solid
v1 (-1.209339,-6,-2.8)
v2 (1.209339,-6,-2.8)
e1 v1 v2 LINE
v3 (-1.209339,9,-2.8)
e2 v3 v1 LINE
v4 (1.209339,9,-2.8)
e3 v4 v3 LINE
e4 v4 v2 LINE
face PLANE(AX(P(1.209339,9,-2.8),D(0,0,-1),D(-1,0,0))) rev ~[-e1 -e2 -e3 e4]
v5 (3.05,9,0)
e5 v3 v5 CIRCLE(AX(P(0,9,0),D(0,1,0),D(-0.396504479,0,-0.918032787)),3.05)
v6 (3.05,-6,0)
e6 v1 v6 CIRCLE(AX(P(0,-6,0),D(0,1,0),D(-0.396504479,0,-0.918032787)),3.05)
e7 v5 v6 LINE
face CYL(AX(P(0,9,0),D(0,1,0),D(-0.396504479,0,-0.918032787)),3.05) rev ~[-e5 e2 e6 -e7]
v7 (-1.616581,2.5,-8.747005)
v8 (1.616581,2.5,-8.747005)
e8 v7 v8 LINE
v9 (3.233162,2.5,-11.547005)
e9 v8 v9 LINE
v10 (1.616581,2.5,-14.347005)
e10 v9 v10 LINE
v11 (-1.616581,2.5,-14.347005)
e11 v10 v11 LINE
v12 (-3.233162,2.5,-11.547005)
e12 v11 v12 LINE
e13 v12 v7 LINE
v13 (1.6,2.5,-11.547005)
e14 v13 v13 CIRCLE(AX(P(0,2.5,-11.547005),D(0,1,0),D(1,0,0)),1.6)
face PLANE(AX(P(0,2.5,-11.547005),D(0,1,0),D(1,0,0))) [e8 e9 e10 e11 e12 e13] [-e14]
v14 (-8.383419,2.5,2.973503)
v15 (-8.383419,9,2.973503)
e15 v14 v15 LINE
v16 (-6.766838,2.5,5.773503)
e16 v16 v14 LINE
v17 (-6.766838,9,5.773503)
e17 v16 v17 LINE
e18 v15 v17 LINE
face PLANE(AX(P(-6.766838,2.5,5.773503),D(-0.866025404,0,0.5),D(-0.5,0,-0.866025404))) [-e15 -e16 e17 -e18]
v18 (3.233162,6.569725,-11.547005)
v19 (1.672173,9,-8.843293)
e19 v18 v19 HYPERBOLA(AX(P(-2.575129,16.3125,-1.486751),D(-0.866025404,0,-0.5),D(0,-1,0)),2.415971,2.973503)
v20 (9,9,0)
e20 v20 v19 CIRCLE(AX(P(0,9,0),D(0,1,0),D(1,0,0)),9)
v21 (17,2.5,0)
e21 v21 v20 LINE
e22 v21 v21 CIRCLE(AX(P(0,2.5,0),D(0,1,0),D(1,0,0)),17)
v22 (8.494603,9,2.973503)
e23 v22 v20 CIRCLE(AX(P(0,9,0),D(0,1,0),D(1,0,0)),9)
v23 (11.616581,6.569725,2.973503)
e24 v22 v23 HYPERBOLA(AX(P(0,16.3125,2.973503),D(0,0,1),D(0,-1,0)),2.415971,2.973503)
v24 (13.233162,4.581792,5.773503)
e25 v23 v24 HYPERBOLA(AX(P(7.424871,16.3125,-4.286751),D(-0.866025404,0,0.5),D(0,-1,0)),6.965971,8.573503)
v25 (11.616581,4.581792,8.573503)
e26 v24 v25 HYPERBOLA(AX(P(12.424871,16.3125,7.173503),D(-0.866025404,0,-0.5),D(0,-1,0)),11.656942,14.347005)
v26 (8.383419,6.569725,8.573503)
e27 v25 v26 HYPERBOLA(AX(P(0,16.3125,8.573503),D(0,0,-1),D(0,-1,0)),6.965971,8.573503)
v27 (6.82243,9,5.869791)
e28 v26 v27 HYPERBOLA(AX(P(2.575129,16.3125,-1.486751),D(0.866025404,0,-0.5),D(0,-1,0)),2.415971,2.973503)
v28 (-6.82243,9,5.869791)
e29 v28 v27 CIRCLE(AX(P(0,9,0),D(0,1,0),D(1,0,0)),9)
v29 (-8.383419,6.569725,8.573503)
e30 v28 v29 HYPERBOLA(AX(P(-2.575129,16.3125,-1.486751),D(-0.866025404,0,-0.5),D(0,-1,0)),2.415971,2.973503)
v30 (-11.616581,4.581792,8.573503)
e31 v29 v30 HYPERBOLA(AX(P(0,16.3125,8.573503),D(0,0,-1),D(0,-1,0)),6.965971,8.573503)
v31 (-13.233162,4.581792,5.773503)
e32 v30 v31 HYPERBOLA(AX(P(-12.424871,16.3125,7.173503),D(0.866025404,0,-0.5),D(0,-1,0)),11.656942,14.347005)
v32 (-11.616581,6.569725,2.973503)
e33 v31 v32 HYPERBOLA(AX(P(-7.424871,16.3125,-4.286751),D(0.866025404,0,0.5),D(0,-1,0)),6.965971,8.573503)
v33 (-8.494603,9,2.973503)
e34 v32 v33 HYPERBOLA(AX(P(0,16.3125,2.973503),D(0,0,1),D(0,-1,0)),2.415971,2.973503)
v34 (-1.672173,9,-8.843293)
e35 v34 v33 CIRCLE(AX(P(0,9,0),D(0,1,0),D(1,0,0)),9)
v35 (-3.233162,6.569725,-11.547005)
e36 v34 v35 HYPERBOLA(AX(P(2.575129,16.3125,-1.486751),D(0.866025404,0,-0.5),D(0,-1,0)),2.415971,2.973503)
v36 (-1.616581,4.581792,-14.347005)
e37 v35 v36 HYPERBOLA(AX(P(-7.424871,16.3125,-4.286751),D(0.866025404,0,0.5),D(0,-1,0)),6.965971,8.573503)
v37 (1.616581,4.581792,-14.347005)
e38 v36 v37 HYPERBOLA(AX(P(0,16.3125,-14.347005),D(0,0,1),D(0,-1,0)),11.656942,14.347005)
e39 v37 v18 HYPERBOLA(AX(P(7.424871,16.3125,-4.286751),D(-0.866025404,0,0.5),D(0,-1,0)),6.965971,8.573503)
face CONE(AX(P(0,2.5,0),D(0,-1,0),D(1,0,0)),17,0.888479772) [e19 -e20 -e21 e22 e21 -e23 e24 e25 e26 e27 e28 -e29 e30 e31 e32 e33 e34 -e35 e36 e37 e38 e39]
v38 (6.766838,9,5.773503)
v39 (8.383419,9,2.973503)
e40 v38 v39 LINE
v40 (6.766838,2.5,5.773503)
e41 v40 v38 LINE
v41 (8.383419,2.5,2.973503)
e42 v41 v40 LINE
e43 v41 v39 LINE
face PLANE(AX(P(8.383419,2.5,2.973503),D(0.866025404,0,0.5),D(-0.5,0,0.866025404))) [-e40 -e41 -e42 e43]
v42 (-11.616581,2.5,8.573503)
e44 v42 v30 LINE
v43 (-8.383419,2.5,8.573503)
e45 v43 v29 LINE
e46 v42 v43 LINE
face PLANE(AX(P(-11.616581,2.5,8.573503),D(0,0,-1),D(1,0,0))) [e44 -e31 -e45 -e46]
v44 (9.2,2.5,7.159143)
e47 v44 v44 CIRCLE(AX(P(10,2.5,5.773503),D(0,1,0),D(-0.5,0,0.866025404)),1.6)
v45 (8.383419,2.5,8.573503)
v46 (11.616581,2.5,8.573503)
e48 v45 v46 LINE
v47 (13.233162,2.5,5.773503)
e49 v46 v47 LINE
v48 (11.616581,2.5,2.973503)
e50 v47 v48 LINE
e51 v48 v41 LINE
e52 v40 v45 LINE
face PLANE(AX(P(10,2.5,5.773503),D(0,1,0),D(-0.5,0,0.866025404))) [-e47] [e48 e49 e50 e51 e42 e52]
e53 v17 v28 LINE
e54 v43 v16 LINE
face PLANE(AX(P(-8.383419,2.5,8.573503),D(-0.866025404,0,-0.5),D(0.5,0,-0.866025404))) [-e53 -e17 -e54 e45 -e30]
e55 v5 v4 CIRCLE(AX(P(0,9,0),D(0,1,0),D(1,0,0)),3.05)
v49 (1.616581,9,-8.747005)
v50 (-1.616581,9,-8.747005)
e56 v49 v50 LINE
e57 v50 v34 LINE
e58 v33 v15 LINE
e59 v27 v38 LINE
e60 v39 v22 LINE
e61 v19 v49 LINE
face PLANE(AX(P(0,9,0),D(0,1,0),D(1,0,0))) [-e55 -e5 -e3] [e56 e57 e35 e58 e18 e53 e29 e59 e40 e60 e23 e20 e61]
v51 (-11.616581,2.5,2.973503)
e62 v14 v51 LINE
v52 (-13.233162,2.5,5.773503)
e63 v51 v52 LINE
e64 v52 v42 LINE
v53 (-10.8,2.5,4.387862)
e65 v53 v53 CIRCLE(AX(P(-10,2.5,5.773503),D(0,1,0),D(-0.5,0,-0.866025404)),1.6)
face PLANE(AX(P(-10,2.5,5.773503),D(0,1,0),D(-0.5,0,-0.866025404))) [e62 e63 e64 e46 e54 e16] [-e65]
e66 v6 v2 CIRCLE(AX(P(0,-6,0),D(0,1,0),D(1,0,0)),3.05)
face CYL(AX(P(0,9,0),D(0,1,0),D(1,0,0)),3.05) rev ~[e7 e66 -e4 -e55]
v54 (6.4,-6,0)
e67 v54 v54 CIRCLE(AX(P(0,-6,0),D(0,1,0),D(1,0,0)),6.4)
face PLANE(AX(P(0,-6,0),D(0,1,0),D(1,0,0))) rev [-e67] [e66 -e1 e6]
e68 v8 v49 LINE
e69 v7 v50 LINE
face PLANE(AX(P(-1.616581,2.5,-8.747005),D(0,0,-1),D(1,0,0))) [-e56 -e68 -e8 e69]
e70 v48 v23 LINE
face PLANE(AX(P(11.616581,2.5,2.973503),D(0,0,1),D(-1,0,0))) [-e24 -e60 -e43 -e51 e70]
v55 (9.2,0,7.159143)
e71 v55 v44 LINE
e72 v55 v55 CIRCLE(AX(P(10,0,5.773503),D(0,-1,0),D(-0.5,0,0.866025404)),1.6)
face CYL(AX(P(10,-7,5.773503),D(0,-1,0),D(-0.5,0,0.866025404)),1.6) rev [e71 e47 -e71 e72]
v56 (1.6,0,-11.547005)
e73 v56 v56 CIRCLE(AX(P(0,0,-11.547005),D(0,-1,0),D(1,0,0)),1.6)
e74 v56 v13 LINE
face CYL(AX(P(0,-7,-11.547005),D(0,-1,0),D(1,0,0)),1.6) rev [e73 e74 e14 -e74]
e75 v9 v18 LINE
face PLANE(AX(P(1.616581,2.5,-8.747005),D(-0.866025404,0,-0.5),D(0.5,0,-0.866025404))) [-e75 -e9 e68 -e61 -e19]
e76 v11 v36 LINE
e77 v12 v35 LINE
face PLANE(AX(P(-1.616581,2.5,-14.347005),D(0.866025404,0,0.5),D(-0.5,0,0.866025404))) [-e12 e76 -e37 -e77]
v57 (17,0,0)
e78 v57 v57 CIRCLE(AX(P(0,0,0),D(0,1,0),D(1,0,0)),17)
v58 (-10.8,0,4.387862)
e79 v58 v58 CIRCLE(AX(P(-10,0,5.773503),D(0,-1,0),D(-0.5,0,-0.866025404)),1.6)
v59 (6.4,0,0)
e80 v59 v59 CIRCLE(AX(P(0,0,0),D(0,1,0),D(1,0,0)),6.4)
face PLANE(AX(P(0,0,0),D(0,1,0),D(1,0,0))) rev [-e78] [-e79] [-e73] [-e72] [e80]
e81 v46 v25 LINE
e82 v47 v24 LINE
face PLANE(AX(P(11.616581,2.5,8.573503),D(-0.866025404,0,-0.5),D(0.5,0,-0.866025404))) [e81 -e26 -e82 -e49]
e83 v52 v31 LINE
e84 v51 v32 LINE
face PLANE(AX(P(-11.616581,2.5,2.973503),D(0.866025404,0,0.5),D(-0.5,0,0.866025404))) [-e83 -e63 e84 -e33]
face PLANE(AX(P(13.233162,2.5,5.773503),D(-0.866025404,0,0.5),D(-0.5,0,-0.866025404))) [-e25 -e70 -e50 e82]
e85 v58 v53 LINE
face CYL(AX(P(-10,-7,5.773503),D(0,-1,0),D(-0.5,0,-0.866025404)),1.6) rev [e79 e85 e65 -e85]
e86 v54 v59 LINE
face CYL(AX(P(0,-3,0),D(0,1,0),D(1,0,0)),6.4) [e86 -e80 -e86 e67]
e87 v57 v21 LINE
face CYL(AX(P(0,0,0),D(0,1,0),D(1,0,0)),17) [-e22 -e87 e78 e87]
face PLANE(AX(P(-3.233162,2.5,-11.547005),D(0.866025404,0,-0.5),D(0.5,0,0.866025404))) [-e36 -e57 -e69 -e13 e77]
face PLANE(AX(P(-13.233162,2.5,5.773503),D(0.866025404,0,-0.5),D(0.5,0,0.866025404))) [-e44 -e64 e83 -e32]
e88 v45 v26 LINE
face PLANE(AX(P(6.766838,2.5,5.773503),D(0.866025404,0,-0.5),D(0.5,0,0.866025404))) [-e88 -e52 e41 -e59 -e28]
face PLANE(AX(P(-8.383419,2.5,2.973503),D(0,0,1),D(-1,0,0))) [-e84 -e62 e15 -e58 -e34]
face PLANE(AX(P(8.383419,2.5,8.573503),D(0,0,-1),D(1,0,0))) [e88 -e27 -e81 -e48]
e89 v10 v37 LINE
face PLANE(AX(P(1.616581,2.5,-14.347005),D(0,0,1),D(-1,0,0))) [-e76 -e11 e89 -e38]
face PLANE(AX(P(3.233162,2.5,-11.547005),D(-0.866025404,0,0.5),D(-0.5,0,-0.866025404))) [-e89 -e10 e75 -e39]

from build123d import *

# Parameters (mm, degrees)
ESQUISSE3_W                  = 6.4
ESQUISSE3_H                  = 6
ENL_V_START                  = 2.5
ESQUISSE5_R                  = 1.6
ENL_V_MAT_EXTRU_1_DEPTH      = 7.5
ENL_V_START_2                = -7
ESQUISSE5_2_R                = 1.6
ENL_V_MAT_EXTRU_2_DEPTH      = 17
R_P_TITION_CIRCULAIRE1_COUNT = 3
ENL_V_MAT_EXTRU_3_DEPTH      = 16


with BuildPart() as part:
    # Esquisse3 → R_volution1 (revolve)
    with BuildSketch(Plane.XY):
        Polygon((9, 9), (0, 9), (0, 0), (17, 0), (17, 2.5), align=None)
        with Locations((3.2, -3)):
            Rectangle(ESQUISSE3_W, ESQUISSE3_H)
    revolve(axis=Axis((0, 0, 0), (0, 1, 0)))

    # Esquisse5 → Enl_v. mat.-Extru.1 (cut, through all)
    with BuildSketch(Plane(origin=(0, 0, 0), x_dir=(1, 0, 0), z_dir=(0, 1, 0)).offset(ENL_V_START)):
        Polygon((1.616580754, 8.747005384), (3.233161507, 11.547005384), (1.616580754, 14.347005384), (-1.616580754, 14.347005384), (-3.233161507, 11.547005384), (-1.616580754, 8.747005384), align=None)
        with Locations((0, 11.547005384)):
            Circle(ESQUISSE5_R, mode=Mode.SUBTRACT)
    enl_v_mat_extru_1 = extrude(amount=ENL_V_MAT_EXTRU_1_DEPTH, mode=Mode.SUBTRACT)

    # Esquisse5_2 → Enl_v. mat.-Extru.2 (cut)
    with BuildSketch(Plane(origin=(0, 0, 0), x_dir=(1, 0, 0), z_dir=(0, 1, 0)).offset(ENL_V_START_2)):
        with Locations((0, 11.547005384)):
            Circle(ESQUISSE5_2_R)
    enl_v_mat_extru_2 = extrude(amount=ENL_V_MAT_EXTRU_2_DEPTH, mode=Mode.SUBTRACT)

    # R_p_tition circulaire1: Enl_v. mat.-Extru.1, Enl_v. mat.-Extru.2 ×3 about axis
    r_p_tition_circulaire1_axis = Axis((0, 0, 0), (0, 1, 0))
    for i in range(1, R_P_TITION_CIRCULAIRE1_COUNT):
        add(enl_v_mat_extru_1.rotate(r_p_tition_circulaire1_axis, i * 360 / R_P_TITION_CIRCULAIRE1_COUNT), mode=Mode.SUBTRACT)
        add(enl_v_mat_extru_2.rotate(r_p_tition_circulaire1_axis, i * 360 / R_P_TITION_CIRCULAIRE1_COUNT), mode=Mode.SUBTRACT)

    # Esquisse6 → Enl_v. mat.-Extru.3 (cut, through all)
    with BuildSketch(Plane(origin=(0, 9, 0), x_dir=(1, 0, 0), z_dir=(0, 1, 0))):
        with BuildLine():
            Line((1.209338662, 2.8), (-1.209338662, 2.8))
            ThreePointArc((-1.209338662, 2.8), (-1.675412946, -2.548625406), (3.05, 0))
            ThreePointArc((3.05, 0), (2.548625406, 1.675412946), (1.209338662, 2.8))
        make_face()
    extrude(amount=-ENL_V_MAT_EXTRU_3_DEPTH, mode=Mode.SUBTRACT)


solid = part.part
